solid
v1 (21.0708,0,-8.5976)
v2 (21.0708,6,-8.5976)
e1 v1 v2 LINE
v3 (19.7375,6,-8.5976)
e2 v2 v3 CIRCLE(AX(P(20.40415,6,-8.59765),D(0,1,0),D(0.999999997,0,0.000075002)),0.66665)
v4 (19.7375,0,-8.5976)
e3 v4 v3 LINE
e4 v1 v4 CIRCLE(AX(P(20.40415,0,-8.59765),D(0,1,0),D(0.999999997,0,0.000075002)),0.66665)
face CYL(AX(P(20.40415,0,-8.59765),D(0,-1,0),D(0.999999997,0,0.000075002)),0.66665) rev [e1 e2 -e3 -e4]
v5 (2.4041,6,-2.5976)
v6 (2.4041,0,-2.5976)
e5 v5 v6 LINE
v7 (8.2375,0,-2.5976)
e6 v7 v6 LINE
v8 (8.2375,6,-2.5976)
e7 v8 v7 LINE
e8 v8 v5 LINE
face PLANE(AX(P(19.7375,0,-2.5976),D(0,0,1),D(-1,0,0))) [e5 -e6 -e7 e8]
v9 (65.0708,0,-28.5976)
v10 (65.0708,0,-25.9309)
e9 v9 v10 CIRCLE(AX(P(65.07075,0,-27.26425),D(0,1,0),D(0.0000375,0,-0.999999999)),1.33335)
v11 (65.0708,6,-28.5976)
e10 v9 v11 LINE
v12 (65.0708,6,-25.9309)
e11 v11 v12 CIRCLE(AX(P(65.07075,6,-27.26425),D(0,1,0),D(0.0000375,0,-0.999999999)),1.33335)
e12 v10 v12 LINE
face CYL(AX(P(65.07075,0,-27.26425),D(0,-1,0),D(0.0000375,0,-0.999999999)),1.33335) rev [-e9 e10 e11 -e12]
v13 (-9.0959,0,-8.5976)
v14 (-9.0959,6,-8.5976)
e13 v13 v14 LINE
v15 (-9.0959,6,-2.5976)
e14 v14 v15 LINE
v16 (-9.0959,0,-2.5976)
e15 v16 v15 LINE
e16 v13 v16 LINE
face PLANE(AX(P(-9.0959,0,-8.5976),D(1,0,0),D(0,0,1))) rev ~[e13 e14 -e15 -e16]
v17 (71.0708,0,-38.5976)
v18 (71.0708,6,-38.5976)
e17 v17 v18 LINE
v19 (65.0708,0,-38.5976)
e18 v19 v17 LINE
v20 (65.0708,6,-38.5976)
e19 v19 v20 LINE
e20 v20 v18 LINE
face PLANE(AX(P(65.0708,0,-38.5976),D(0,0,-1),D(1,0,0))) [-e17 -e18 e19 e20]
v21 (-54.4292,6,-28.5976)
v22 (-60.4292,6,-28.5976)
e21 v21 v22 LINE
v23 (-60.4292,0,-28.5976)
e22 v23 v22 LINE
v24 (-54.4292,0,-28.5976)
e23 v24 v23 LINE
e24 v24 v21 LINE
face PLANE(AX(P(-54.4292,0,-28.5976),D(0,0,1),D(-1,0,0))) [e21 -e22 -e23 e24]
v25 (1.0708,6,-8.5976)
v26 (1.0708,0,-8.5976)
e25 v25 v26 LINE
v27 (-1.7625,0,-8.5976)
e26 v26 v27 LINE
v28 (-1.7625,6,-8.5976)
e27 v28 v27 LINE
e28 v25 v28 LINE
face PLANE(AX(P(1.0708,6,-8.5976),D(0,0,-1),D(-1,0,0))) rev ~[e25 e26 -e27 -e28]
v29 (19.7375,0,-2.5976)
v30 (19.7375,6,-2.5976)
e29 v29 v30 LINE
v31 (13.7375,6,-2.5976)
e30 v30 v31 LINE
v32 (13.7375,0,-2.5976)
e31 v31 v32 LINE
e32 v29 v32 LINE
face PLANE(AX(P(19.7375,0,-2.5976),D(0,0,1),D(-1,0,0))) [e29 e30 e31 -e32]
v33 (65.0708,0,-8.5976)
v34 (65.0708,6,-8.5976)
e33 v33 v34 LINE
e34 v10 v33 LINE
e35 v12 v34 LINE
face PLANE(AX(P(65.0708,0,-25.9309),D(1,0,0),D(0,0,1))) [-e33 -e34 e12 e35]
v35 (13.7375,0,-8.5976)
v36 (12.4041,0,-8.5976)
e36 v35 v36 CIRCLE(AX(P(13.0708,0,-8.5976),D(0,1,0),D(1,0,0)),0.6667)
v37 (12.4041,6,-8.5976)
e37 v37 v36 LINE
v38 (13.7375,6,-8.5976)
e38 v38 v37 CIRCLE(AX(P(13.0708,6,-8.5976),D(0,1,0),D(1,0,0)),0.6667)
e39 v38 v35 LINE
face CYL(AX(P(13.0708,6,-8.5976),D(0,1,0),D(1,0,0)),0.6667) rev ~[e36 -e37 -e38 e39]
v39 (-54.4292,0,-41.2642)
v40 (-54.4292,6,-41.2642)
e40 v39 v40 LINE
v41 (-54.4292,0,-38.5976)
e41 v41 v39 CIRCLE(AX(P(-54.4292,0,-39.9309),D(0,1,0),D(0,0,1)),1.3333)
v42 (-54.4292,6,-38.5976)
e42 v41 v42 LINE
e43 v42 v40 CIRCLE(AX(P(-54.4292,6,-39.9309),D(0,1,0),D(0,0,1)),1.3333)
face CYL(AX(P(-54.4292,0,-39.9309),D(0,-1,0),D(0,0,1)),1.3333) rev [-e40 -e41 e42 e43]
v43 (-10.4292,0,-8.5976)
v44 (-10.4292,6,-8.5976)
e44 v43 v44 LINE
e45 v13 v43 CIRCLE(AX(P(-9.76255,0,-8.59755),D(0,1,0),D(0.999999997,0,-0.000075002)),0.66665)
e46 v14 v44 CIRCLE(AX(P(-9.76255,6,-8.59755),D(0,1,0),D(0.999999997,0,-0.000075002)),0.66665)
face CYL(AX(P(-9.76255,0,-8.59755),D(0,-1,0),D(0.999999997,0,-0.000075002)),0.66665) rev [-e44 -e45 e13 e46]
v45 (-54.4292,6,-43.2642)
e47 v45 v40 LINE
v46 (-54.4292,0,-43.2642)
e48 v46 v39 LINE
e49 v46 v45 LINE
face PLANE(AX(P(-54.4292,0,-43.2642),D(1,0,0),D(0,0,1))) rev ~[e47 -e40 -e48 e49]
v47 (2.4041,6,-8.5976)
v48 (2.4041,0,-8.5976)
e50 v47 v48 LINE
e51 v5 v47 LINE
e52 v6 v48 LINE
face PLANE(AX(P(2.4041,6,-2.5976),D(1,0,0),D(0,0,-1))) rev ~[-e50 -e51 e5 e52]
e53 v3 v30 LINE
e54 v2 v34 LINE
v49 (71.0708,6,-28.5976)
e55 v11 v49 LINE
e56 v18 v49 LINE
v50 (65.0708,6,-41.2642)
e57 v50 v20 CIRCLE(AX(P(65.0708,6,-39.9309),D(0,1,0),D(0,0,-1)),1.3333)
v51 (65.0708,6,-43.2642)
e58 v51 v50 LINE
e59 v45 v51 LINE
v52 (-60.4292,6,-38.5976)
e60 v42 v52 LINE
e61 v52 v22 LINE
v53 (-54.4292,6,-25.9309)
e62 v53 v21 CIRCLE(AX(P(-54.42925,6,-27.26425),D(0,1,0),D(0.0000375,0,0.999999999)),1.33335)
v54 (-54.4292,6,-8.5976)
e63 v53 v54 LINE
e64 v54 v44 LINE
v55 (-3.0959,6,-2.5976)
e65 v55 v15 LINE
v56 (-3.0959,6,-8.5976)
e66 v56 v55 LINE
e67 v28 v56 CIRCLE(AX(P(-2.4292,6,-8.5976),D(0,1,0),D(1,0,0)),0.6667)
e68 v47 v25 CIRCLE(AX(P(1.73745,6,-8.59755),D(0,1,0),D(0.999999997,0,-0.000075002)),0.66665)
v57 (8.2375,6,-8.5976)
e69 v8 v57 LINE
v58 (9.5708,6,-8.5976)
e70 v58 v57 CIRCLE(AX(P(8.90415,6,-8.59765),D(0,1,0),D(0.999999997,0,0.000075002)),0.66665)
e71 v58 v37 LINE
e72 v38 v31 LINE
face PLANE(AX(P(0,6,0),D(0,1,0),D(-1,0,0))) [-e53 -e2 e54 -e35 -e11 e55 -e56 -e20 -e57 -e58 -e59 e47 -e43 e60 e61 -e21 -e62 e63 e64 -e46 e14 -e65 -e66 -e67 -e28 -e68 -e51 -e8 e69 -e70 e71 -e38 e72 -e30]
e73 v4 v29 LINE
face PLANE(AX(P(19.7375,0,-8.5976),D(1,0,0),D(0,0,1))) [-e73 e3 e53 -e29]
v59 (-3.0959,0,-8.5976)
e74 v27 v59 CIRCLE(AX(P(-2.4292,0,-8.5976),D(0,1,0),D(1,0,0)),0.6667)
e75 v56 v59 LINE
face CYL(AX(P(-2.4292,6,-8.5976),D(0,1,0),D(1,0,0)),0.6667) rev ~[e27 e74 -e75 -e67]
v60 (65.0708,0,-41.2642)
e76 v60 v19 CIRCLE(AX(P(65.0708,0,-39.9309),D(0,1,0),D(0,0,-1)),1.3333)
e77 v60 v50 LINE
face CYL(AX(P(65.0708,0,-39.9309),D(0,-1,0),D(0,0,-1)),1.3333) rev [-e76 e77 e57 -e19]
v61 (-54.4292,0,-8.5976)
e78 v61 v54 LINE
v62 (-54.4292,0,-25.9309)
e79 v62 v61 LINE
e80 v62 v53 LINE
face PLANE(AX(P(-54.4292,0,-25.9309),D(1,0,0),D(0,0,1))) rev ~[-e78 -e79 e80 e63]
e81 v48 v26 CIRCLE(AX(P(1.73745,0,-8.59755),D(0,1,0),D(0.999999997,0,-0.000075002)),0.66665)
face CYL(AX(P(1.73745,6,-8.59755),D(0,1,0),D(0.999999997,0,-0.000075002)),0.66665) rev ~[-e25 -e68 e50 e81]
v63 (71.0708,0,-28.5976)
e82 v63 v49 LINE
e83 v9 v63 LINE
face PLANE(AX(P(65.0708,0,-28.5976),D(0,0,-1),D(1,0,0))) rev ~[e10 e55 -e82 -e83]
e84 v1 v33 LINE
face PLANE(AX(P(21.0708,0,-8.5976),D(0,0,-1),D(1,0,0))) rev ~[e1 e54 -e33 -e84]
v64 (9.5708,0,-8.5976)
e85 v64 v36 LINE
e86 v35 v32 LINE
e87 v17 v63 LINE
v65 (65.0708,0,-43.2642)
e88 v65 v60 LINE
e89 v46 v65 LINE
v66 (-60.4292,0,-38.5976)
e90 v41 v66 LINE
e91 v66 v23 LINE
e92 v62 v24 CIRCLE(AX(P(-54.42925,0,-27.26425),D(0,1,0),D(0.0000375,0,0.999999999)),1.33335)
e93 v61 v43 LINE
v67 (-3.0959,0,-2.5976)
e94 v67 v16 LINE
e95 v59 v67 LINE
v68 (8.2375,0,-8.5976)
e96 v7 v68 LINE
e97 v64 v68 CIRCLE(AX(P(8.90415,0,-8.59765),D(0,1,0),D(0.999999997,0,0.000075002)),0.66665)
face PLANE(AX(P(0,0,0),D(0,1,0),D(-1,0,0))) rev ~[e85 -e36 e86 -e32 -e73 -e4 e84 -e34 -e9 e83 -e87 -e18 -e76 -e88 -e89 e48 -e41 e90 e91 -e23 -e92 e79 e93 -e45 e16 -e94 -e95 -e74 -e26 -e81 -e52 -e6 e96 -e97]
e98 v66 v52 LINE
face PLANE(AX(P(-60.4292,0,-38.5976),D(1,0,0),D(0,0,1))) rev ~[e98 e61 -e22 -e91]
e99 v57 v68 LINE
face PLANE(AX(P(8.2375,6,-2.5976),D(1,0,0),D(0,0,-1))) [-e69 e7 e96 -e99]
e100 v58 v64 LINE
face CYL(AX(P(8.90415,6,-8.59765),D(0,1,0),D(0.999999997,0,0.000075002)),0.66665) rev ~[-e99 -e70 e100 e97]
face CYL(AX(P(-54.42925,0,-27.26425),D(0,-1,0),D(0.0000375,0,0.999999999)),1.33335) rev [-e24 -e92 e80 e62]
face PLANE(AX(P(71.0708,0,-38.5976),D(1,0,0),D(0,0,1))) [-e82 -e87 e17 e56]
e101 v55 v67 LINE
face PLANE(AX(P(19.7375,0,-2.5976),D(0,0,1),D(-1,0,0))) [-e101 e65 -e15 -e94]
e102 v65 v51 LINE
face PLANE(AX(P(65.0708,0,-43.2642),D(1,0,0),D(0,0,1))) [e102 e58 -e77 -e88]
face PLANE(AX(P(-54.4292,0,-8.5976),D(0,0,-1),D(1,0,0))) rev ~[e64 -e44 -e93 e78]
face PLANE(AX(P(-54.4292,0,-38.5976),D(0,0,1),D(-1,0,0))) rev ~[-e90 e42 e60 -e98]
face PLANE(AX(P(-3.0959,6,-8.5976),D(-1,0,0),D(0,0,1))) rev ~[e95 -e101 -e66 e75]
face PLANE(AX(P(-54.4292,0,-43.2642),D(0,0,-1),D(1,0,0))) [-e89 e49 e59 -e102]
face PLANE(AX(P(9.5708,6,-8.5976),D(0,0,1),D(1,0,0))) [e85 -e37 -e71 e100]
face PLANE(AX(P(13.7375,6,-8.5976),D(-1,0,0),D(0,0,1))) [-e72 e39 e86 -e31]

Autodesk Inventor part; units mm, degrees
ref_plane "YZ Plane" through (0, 0, 0) normal (1, 0, 0) x (0, 1, 0)
ref_plane "XZ Plane" through (0, 0, 0) normal (0, 1, 0) x (-1, 0, 0)
ref_plane "XY Plane" through (0, 0, 0) normal (0, 0, 1) x (1, 0, 0)
sketch "Sketch1" plane through (0, 0, 0) normal (0, 1, 0) x (-1, 0, 0)
  line L0 (54.4292, -43.2642) -> (54.4292, -41.2642)
  arc A0 (54.4292, -38.5976) -> (54.4292, -41.2642) centre (54.4292, -39.9309) ccw
  arc A1 (54.4292, -25.9309) -> (54.4292, -28.5976) centre (54.4292, -27.2642) ccw
  line L1 (54.4292, -25.9309) -> (54.4292, -8.5976)
  line L2 (54.4292, -28.5976) -> (60.4292, -28.5976)
  line L3 (54.4292, -38.5976) -> (60.4292, -38.5976)
  line L4 (60.4292, -38.5976) -> (60.4292, -28.5976)
  line L5 (54.4292, -43.2642) -> (-65.0708, -43.2642)
  line L6 (-65.0708, -43.2642) -> (-65.0708, -41.2642)
  arc A2 (-65.0708, -41.2642) -> (-65.0708, -38.5976) centre (-65.0708, -39.9309) ccw
  arc A3 (-65.0708, -28.5976) -> (-65.0708, -25.9309) centre (-65.0708, -27.2642) ccw
  line L7 (-65.0708, -25.9309) -> (-65.0708, -8.5976)
  line L8 (-65.0708, -28.5976) -> (-71.0708, -28.5976)
  line L9 (-65.0708, -38.5976) -> (-71.0708, -38.5976)
  line L10 (-71.0708, -38.5976) -> (-71.0708, -28.5976)
  arc A4 (9.0959, -8.5976) -> (10.4292, -8.5976) centre (9.7625, -8.5976) ccw
  arc A5 (-21.0708, -8.5976) -> (-19.7375, -8.5976) centre (-20.4041, -8.5976) ccw
  line L11 (-21.0708, -8.5976) -> (-65.0708, -8.5976)
  line L12 (54.4292, -8.5976) -> (10.4292, -8.5976)
  line L13 (-19.7375, -2.5976) -> (9.0959, -2.5976)
  line L14 (-19.7375, -8.5976) -> (-19.7375, -2.5976)
  line L15 (9.0959, -8.5976) -> (9.0959, -2.5976)
  point P0 (0, 0)
  dimension "d1" = 2
  dimension "d2" = 2.6667
  dimension "d5" = 2.6667
  dimension "d6" = 17.3333
  dimension "d9" = 6
  dimension "d10" = 119.5
  dimension "d11" = 10
  dimension "d15" = 1.3333
  dimension "d16" = 1.3333
  dimension "d18" = 44
  dimension "d19" = 44
  dimension "d21" = 20
  dimension "d23" = 6
extrude "Extrusion1" add sketch "Sketch1" along normal blind 6
sketch "Sketch2" plane through (0, 6, 0) normal (0, 1, 0) x (1, 0, 0)
  line L0 (-9.0959, 2.5976) -> (19.7375, 2.5976) projected
  line L1 (-3.0959, 2.5976) -> (2.4041, 2.5976)
  line L2 (2.4041, 2.5976) -> (2.4041, 8.5976)
  line L3 (1.0708, 8.5976) -> (-1.7625, 8.5976)
  line L4 (-3.0959, 8.5976) -> (-3.0959, 2.5976)
  line L5 (-9.0959, 8.5976) -> (-9.0959, 2.5976) projected
  line L6 (9.5708, 8.5976) -> (12.4041, 8.5976)
  line L7 (13.7375, 8.5976) -> (13.7375, 2.5976)
  line L8 (13.7375, 2.5976) -> (8.2375, 2.5976)
  line L9 (8.2375, 2.5976) -> (8.2375, 8.5976)
  line L10 (19.7375, 2.5976) -> (19.7375, 8.5976) projected
  arc A0 (-1.7625, 8.5976) -> (-3.0959, 8.5976) centre (-2.4292, 8.5976) ccw
  arc A1 (2.4041, 8.5976) -> (1.0708, 8.5976) centre (1.7375, 8.5976) ccw
  arc A2 (9.5708, 8.5976) -> (8.2375, 8.5976) centre (8.9041, 8.5976) ccw
  arc A3 (13.7375, 8.5976) -> (12.4041, 8.5976) centre (13.0708, 8.5976) ccw
  point P0 (0, 0)
  dimension "d26" = 6
  dimension "d27" = 5.5
  dimension "d28" = 6
  dimension "d29" = 6
  dimension "d30" = 5.5
  dimension "d31" = 1.3333
  dimension "d32" = 1.3333
  dimension "d33" = 1.3333
  dimension "d34" = 1.3333
extrude "Extrusion2" cut sketch "Sketch2" against normal through all
properties part number "Support A Cross Dual1" material "Wood (Maple)"
